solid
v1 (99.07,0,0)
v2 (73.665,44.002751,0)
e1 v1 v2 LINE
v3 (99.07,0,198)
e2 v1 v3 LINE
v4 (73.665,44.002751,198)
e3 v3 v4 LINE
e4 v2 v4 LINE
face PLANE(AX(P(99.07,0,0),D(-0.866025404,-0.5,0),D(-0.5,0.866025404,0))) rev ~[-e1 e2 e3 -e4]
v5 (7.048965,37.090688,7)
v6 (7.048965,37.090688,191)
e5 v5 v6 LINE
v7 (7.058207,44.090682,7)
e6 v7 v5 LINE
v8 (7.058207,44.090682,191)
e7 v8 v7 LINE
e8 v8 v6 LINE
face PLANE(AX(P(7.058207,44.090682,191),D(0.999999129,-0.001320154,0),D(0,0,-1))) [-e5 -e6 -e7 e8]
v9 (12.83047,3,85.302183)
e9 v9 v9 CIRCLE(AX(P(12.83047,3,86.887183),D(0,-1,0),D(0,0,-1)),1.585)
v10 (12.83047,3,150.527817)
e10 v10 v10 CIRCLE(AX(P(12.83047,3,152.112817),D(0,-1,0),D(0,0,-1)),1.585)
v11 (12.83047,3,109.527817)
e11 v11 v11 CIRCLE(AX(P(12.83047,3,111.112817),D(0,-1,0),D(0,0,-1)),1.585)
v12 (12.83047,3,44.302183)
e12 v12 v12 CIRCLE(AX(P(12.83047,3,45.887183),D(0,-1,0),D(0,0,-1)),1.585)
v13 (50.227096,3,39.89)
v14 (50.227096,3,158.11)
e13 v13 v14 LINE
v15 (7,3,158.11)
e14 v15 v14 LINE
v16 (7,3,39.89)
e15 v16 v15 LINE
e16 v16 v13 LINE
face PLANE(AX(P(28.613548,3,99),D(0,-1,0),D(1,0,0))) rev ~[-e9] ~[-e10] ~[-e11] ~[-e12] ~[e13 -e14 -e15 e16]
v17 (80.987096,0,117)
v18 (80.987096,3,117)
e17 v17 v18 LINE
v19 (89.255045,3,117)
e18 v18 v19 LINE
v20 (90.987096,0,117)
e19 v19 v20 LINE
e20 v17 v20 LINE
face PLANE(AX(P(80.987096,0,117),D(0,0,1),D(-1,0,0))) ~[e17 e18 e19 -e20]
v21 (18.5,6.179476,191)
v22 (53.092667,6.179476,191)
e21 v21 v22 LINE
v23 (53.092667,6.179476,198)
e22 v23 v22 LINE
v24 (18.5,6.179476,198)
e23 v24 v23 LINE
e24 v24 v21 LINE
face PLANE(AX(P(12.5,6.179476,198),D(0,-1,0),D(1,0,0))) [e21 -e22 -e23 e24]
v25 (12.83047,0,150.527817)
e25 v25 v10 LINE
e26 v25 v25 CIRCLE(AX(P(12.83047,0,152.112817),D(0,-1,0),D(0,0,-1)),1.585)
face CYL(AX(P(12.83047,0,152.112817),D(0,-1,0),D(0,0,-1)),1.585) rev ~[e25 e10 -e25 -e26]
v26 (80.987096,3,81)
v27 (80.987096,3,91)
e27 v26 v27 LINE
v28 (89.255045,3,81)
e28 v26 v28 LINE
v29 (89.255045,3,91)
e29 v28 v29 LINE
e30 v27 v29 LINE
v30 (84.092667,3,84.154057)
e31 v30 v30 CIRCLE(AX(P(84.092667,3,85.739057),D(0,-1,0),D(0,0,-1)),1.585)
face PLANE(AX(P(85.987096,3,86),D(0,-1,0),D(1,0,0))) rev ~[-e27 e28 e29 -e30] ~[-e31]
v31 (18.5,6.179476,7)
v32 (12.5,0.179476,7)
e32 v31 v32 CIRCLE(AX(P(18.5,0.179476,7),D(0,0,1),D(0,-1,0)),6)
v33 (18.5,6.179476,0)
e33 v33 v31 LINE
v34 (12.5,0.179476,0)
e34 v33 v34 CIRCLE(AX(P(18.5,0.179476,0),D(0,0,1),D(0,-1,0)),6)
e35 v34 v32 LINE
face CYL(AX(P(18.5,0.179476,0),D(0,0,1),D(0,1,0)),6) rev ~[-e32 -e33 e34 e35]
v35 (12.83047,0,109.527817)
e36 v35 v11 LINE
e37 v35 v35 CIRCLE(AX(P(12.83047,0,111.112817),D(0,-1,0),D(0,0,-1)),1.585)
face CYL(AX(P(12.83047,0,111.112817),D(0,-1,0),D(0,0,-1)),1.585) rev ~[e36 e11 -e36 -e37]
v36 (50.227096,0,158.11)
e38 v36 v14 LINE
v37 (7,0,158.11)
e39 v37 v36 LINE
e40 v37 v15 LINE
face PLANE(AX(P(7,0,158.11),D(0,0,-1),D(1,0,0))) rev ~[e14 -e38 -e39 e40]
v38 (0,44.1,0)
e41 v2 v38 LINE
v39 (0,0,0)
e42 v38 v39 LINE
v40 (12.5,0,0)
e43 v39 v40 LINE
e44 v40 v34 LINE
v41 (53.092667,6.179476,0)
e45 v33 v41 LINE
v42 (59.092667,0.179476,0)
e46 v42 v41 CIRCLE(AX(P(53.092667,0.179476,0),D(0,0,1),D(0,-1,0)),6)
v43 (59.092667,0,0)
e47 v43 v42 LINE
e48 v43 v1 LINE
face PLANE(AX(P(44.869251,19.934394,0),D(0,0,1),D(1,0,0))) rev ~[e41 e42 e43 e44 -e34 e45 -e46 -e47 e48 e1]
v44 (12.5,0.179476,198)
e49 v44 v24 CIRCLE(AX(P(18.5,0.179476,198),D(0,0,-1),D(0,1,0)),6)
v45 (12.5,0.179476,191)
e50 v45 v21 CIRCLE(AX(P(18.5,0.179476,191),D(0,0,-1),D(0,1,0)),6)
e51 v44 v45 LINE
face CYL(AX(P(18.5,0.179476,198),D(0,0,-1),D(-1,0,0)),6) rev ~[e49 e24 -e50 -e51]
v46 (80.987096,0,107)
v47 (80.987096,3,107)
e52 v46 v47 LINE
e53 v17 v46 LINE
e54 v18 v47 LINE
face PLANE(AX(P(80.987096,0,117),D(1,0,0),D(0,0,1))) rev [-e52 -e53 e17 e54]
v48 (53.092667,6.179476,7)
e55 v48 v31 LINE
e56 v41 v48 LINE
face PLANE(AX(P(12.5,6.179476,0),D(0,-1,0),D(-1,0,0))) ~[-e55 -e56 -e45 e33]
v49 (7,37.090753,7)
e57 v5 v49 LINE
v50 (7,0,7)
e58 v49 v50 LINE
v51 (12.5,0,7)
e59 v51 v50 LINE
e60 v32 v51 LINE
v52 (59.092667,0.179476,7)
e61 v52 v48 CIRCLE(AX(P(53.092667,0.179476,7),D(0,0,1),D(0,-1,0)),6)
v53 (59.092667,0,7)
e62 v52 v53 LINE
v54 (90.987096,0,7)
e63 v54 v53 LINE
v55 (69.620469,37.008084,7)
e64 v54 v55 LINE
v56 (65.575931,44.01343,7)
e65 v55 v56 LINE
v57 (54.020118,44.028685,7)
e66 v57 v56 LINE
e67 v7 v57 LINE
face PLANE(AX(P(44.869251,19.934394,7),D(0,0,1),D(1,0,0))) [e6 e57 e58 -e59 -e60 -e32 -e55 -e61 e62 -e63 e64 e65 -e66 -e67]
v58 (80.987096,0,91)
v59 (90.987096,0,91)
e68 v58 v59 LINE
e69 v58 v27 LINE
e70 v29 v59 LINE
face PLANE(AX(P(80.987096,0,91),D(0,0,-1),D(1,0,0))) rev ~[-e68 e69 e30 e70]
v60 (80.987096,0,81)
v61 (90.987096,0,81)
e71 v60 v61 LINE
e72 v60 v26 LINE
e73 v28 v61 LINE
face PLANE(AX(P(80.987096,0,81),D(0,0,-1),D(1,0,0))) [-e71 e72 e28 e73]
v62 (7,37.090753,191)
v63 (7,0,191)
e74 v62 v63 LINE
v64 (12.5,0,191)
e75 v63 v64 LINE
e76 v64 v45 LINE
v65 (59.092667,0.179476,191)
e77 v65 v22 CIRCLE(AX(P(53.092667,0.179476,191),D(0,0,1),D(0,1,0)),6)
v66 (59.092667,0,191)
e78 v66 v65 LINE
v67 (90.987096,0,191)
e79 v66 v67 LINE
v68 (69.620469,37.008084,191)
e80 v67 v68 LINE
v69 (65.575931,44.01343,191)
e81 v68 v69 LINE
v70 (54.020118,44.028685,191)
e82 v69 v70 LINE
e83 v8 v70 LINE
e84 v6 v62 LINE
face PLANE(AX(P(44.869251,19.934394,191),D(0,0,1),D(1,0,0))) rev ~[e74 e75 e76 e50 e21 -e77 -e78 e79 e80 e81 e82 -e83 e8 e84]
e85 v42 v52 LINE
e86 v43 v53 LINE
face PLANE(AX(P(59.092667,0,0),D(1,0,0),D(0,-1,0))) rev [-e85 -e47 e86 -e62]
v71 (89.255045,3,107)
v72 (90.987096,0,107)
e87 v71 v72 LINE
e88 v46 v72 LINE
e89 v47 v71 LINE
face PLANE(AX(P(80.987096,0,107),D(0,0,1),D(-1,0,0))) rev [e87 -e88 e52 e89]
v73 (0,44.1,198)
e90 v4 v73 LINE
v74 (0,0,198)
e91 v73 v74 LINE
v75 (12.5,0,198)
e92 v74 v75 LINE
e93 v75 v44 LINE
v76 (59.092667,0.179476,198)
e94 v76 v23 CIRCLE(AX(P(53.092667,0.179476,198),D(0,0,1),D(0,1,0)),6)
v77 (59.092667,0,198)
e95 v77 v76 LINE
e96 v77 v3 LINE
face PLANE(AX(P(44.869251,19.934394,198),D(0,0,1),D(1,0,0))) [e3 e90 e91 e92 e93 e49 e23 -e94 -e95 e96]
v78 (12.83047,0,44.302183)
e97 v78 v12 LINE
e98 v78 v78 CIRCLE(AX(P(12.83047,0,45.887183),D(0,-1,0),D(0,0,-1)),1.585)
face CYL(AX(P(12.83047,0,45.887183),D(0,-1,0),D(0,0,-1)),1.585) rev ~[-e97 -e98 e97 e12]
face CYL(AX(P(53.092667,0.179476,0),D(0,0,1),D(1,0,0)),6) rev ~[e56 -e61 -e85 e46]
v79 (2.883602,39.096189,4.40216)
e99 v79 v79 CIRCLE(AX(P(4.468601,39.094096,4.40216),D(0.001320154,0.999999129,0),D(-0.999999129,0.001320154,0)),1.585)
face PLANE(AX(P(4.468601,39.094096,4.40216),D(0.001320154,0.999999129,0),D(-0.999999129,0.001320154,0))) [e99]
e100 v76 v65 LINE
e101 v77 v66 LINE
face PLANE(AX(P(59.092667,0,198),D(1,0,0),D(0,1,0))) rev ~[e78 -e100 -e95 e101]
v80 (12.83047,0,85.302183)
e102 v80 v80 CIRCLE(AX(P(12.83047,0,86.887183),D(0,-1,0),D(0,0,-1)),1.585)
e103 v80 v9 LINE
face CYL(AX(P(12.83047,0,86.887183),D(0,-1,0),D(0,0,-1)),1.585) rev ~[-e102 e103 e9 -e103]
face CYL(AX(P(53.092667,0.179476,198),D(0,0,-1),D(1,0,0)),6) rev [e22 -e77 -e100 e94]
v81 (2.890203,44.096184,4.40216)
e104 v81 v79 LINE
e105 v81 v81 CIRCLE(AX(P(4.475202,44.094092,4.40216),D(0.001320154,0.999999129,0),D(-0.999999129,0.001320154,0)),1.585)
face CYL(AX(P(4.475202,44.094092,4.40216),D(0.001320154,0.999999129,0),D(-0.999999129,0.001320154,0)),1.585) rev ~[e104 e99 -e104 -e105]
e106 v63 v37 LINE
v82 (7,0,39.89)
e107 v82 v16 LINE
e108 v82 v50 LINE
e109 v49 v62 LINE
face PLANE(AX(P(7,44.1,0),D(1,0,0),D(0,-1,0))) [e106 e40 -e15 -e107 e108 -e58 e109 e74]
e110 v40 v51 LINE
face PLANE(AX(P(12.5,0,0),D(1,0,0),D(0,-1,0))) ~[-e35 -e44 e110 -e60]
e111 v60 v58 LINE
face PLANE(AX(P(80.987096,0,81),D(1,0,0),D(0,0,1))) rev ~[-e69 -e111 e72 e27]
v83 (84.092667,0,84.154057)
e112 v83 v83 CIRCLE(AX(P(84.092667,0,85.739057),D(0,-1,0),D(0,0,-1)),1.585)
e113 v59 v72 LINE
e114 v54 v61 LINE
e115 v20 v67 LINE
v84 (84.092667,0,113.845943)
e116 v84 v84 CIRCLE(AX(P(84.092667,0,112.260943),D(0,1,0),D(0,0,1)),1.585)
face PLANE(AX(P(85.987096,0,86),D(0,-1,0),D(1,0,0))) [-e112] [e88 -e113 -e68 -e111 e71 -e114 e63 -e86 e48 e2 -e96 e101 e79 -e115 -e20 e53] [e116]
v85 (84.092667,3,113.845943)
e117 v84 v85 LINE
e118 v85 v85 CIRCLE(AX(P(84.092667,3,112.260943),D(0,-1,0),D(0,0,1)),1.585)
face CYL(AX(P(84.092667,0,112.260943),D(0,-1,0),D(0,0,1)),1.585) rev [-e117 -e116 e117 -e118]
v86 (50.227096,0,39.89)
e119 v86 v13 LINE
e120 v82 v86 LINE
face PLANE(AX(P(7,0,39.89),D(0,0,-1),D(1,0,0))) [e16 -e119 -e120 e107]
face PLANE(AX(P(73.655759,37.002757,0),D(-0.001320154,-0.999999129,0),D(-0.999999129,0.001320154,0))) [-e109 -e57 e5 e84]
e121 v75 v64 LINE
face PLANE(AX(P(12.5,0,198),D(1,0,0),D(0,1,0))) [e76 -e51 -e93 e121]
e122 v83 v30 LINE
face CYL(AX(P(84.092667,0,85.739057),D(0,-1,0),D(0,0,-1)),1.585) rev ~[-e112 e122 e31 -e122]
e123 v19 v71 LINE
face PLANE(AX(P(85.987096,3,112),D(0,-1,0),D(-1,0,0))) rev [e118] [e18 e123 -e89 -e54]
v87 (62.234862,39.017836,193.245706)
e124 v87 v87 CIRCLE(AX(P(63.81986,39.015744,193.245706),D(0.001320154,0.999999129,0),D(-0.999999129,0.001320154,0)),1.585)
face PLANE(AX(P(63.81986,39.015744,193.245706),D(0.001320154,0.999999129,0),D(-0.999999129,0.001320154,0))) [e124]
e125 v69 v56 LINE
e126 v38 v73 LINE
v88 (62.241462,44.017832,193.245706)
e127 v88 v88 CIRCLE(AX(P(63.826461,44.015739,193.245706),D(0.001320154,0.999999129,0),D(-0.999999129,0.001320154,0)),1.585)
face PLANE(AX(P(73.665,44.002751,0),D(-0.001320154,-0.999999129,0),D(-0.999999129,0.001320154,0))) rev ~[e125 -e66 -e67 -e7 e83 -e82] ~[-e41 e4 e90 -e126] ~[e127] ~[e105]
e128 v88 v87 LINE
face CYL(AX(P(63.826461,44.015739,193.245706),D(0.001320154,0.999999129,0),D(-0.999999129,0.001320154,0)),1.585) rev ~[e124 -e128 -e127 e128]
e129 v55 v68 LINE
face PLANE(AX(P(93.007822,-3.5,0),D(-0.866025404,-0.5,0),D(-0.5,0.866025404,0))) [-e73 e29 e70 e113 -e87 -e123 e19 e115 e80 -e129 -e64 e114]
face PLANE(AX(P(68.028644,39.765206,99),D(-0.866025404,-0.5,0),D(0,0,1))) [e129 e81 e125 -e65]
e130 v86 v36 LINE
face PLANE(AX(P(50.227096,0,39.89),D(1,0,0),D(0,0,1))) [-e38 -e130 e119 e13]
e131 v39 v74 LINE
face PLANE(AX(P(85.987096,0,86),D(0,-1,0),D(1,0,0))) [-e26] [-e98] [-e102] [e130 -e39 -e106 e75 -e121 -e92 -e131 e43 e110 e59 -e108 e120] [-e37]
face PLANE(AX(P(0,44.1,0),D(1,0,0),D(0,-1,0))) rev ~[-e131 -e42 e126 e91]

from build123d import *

# Parameters (mm, degrees)
BOSS_EXTRUDE1_DEPTH = 198
SHELL1_T            = -7
SKETCH2_W           = 184
SKETCH2_H           = 91.833810452
CUT_EXTRUDE1_DEPTH  = 10
SKETCH3_W           = 51.015734787
SKETCH3_H           = 184
CUT_EXTRUDE3_DEPTH  = 10
SKETCH4_W           = 43.227096231
SKETCH4_H           = 118.22
SKETCH4_W_2         = 10
SKETCH4_H_2         = 10
BOSS_EXTRUDE2_DEPTH = 3
SKETCH6_R           = 1.585
CUT_EXTRUDE5_DEPTH  = 10
SKETCH10_R          = 1.585
CUT_EXTRUDE8_DEPTH  = 5
SKETCH9_W           = 46.592666587
SKETCH9_H           = 6.179476357
CUT_EXTRUDE7_DEPTH  = 10
FILLET1_R           = 6
FILLET2_R           = 6
SKETCH11_R          = 1.585
CUT_EXTRUDE9_DEPTH  = 5
SKETCH12_R          = 1.585
CUT_EXTRUDE10_DEPTH = 5


with BuildPart() as part:
    # Sketch1 → Boss-Extrude1 (new body)
    with BuildSketch(Plane.XY):
        Polygon((0, 0), (99.07, 0), (73.665, 44.002750766), (0, 44.1), align=None)
    extrude(amount=BOSS_EXTRUDE1_DEPTH)

    # Shell1
    shell1_openings = [part.faces().sort_by_distance(p)[0] for p in [
        (49.535, 0, 99),
    ]]
    offset(amount=SHELL1_T, openings=shell1_openings, kind=Kind.INTERSECTION)

    # Sketch2 → Cut-Extrude1 (cut)
    with BuildSketch(Plane(origin=(68.240322174, 39.398568376, 0), x_dir=(0, 0, 1), z_dir=(-0.866025403784436, -0.5000000000000048, 0))):
        with Locations((99, 0.42335711)):
            Rectangle(SKETCH2_W, SKETCH2_H)
    extrude(amount=CUT_EXTRUDE1_DEPTH, mode=Mode.SUBTRACT)

    # Sketch3 → Cut-Extrude3 (cut)
    with BuildSketch(Plane(origin=(0.058218743, 44.099923142, 0), x_dir=(0.9999991285962467, -0.001320154061894519, 0), z_dir=(0.001320154061894519, 0.9999991285962467, 0))):
        with Locations((32.507861294, -99)):
            Rectangle(SKETCH3_W, SKETCH3_H)
    extrude(amount=-CUT_EXTRUDE3_DEPTH, mode=Mode.SUBTRACT)

    # Sketch4 → Boss-Extrude2 (add)
    with BuildSketch(Plane.XZ):
        with Locations((28.613548116, 99)):
            Rectangle(SKETCH4_W, SKETCH4_H)
        with Locations((85.987096231, 86)):
            Rectangle(SKETCH4_W_2, SKETCH4_H_2)
    boss_extrude2 = extrude(amount=-BOSS_EXTRUDE2_DEPTH)

    # Sketch6 → Cut-Extrude5 (cut)
    with BuildSketch(Plane(origin=(0, 3, 0), x_dir=(1, 0, 0), z_dir=(0, 1, 0))):
        with Locations(Location((12.830469551, -45.887182752, 0), (0, 0, 270))):
            Circle(SKETCH6_R)
        with Locations(Location((12.830469551, -86.887182752, 0), (0, 0, 270))):
            Circle(SKETCH6_R)
        with Locations(Location((12.830469551, -111.112817248, 0), (0, 0, 270))):
            Circle(SKETCH6_R)
        with Locations(Location((12.830469551, -152.112817248, 0), (0, 0, 270))):
            Circle(SKETCH6_R)
    extrude(amount=-CUT_EXTRUDE5_DEPTH, mode=Mode.SUBTRACT)

    # Sketch10 → Cut-Extrude8 (cut)
    with BuildSketch(Plane.XZ):
        with Locations(Location((84.092666587, 85.739056505, 0), (0, 0, 270))):
            Circle(SKETCH10_R)
    cut_extrude8 = extrude(amount=-CUT_EXTRUDE8_DEPTH, mode=Mode.SUBTRACT)

    # Sketch9 → Cut-Extrude7 (cut)
    with BuildSketch(Plane.XY.offset(198)):
        with Locations((35.796333293, 3.089738179)):
            Rectangle(SKETCH9_W, SKETCH9_H)
    cut_extrude7 = extrude(amount=-CUT_EXTRUDE7_DEPTH, mode=Mode.SUBTRACT)

    # Mirror1: Cut-Extrude7 across plane
    add(cut_extrude7.mirror(Plane(origin=(0, 0, 99), x_dir=(1, 0, 0), z_dir=(0, 0, -1))), mode=Mode.SUBTRACT)

    # Fillet1
    fillet1_edges = [part.edges().sort_by_distance(p)[0] for p in [
        (12.5, 6.179476357, 3.5),
        (59.092666587, 6.179476357, 3.5),
    ]]
    fillet(fillet1_edges, radius=FILLET1_R)

    # Fillet2
    fillet2_edges = [part.edges().sort_by_distance(p)[0] for p in [
        (12.5, 6.179476357, 194.5),
        (59.092666587, 6.179476357, 194.5),
    ]]
    fillet(fillet2_edges, radius=FILLET2_R)

    # Mirror2: Boss-Extrude2, Cut-Extrude8 across plane
    add(boss_extrude2.mirror(Plane(origin=(0, 0, 99), x_dir=(1, 0, 0), z_dir=(0, 0, -1))))
    add(cut_extrude8.mirror(Plane(origin=(0, 0, 99), x_dir=(1, 0, 0), z_dir=(0, 0, -1))), mode=Mode.SUBTRACT)

    # Sketch11 → Cut-Extrude9 (cut)
    with BuildSketch(Plane.XZ):
        with Locations(Location((12.830469551, 152.112817248, 0), (0, 0, 270))):
            Circle(SKETCH11_R)
        with Locations(Location((12.830469551, 111.112817248, 0), (0, 0, 270))):
            Circle(SKETCH11_R)
        with Locations(Location((12.830469551, 86.887182752, 0), (0, 0, 270))):
            Circle(SKETCH11_R)
        with Locations(Location((12.830469551, 45.887182752, 0), (0, 0, 270))):
            Circle(SKETCH11_R)
    extrude(amount=-CUT_EXTRUDE9_DEPTH, mode=Mode.SUBTRACT)

    # Sketch12 → Cut-Extrude10 (cut)
    with BuildSketch(Plane(origin=(0.058218743, 44.099923142, 0), x_dir=(0.9999991285962467, -0.001320154061894519, 0), z_dir=(0.001320154061894519, 0.9999991285962467, 0))):
        with Locations(Location((63.768297777, -193.245706001, 0), (0, 0, 180))):
            Circle(SKETCH12_R)
        with Locations(Location((4.416986766, -4.402159503, 0), (0, 0, 180))):
            Circle(SKETCH12_R)
    extrude(amount=-CUT_EXTRUDE10_DEPTH, mode=Mode.SUBTRACT)


solid = part.part
